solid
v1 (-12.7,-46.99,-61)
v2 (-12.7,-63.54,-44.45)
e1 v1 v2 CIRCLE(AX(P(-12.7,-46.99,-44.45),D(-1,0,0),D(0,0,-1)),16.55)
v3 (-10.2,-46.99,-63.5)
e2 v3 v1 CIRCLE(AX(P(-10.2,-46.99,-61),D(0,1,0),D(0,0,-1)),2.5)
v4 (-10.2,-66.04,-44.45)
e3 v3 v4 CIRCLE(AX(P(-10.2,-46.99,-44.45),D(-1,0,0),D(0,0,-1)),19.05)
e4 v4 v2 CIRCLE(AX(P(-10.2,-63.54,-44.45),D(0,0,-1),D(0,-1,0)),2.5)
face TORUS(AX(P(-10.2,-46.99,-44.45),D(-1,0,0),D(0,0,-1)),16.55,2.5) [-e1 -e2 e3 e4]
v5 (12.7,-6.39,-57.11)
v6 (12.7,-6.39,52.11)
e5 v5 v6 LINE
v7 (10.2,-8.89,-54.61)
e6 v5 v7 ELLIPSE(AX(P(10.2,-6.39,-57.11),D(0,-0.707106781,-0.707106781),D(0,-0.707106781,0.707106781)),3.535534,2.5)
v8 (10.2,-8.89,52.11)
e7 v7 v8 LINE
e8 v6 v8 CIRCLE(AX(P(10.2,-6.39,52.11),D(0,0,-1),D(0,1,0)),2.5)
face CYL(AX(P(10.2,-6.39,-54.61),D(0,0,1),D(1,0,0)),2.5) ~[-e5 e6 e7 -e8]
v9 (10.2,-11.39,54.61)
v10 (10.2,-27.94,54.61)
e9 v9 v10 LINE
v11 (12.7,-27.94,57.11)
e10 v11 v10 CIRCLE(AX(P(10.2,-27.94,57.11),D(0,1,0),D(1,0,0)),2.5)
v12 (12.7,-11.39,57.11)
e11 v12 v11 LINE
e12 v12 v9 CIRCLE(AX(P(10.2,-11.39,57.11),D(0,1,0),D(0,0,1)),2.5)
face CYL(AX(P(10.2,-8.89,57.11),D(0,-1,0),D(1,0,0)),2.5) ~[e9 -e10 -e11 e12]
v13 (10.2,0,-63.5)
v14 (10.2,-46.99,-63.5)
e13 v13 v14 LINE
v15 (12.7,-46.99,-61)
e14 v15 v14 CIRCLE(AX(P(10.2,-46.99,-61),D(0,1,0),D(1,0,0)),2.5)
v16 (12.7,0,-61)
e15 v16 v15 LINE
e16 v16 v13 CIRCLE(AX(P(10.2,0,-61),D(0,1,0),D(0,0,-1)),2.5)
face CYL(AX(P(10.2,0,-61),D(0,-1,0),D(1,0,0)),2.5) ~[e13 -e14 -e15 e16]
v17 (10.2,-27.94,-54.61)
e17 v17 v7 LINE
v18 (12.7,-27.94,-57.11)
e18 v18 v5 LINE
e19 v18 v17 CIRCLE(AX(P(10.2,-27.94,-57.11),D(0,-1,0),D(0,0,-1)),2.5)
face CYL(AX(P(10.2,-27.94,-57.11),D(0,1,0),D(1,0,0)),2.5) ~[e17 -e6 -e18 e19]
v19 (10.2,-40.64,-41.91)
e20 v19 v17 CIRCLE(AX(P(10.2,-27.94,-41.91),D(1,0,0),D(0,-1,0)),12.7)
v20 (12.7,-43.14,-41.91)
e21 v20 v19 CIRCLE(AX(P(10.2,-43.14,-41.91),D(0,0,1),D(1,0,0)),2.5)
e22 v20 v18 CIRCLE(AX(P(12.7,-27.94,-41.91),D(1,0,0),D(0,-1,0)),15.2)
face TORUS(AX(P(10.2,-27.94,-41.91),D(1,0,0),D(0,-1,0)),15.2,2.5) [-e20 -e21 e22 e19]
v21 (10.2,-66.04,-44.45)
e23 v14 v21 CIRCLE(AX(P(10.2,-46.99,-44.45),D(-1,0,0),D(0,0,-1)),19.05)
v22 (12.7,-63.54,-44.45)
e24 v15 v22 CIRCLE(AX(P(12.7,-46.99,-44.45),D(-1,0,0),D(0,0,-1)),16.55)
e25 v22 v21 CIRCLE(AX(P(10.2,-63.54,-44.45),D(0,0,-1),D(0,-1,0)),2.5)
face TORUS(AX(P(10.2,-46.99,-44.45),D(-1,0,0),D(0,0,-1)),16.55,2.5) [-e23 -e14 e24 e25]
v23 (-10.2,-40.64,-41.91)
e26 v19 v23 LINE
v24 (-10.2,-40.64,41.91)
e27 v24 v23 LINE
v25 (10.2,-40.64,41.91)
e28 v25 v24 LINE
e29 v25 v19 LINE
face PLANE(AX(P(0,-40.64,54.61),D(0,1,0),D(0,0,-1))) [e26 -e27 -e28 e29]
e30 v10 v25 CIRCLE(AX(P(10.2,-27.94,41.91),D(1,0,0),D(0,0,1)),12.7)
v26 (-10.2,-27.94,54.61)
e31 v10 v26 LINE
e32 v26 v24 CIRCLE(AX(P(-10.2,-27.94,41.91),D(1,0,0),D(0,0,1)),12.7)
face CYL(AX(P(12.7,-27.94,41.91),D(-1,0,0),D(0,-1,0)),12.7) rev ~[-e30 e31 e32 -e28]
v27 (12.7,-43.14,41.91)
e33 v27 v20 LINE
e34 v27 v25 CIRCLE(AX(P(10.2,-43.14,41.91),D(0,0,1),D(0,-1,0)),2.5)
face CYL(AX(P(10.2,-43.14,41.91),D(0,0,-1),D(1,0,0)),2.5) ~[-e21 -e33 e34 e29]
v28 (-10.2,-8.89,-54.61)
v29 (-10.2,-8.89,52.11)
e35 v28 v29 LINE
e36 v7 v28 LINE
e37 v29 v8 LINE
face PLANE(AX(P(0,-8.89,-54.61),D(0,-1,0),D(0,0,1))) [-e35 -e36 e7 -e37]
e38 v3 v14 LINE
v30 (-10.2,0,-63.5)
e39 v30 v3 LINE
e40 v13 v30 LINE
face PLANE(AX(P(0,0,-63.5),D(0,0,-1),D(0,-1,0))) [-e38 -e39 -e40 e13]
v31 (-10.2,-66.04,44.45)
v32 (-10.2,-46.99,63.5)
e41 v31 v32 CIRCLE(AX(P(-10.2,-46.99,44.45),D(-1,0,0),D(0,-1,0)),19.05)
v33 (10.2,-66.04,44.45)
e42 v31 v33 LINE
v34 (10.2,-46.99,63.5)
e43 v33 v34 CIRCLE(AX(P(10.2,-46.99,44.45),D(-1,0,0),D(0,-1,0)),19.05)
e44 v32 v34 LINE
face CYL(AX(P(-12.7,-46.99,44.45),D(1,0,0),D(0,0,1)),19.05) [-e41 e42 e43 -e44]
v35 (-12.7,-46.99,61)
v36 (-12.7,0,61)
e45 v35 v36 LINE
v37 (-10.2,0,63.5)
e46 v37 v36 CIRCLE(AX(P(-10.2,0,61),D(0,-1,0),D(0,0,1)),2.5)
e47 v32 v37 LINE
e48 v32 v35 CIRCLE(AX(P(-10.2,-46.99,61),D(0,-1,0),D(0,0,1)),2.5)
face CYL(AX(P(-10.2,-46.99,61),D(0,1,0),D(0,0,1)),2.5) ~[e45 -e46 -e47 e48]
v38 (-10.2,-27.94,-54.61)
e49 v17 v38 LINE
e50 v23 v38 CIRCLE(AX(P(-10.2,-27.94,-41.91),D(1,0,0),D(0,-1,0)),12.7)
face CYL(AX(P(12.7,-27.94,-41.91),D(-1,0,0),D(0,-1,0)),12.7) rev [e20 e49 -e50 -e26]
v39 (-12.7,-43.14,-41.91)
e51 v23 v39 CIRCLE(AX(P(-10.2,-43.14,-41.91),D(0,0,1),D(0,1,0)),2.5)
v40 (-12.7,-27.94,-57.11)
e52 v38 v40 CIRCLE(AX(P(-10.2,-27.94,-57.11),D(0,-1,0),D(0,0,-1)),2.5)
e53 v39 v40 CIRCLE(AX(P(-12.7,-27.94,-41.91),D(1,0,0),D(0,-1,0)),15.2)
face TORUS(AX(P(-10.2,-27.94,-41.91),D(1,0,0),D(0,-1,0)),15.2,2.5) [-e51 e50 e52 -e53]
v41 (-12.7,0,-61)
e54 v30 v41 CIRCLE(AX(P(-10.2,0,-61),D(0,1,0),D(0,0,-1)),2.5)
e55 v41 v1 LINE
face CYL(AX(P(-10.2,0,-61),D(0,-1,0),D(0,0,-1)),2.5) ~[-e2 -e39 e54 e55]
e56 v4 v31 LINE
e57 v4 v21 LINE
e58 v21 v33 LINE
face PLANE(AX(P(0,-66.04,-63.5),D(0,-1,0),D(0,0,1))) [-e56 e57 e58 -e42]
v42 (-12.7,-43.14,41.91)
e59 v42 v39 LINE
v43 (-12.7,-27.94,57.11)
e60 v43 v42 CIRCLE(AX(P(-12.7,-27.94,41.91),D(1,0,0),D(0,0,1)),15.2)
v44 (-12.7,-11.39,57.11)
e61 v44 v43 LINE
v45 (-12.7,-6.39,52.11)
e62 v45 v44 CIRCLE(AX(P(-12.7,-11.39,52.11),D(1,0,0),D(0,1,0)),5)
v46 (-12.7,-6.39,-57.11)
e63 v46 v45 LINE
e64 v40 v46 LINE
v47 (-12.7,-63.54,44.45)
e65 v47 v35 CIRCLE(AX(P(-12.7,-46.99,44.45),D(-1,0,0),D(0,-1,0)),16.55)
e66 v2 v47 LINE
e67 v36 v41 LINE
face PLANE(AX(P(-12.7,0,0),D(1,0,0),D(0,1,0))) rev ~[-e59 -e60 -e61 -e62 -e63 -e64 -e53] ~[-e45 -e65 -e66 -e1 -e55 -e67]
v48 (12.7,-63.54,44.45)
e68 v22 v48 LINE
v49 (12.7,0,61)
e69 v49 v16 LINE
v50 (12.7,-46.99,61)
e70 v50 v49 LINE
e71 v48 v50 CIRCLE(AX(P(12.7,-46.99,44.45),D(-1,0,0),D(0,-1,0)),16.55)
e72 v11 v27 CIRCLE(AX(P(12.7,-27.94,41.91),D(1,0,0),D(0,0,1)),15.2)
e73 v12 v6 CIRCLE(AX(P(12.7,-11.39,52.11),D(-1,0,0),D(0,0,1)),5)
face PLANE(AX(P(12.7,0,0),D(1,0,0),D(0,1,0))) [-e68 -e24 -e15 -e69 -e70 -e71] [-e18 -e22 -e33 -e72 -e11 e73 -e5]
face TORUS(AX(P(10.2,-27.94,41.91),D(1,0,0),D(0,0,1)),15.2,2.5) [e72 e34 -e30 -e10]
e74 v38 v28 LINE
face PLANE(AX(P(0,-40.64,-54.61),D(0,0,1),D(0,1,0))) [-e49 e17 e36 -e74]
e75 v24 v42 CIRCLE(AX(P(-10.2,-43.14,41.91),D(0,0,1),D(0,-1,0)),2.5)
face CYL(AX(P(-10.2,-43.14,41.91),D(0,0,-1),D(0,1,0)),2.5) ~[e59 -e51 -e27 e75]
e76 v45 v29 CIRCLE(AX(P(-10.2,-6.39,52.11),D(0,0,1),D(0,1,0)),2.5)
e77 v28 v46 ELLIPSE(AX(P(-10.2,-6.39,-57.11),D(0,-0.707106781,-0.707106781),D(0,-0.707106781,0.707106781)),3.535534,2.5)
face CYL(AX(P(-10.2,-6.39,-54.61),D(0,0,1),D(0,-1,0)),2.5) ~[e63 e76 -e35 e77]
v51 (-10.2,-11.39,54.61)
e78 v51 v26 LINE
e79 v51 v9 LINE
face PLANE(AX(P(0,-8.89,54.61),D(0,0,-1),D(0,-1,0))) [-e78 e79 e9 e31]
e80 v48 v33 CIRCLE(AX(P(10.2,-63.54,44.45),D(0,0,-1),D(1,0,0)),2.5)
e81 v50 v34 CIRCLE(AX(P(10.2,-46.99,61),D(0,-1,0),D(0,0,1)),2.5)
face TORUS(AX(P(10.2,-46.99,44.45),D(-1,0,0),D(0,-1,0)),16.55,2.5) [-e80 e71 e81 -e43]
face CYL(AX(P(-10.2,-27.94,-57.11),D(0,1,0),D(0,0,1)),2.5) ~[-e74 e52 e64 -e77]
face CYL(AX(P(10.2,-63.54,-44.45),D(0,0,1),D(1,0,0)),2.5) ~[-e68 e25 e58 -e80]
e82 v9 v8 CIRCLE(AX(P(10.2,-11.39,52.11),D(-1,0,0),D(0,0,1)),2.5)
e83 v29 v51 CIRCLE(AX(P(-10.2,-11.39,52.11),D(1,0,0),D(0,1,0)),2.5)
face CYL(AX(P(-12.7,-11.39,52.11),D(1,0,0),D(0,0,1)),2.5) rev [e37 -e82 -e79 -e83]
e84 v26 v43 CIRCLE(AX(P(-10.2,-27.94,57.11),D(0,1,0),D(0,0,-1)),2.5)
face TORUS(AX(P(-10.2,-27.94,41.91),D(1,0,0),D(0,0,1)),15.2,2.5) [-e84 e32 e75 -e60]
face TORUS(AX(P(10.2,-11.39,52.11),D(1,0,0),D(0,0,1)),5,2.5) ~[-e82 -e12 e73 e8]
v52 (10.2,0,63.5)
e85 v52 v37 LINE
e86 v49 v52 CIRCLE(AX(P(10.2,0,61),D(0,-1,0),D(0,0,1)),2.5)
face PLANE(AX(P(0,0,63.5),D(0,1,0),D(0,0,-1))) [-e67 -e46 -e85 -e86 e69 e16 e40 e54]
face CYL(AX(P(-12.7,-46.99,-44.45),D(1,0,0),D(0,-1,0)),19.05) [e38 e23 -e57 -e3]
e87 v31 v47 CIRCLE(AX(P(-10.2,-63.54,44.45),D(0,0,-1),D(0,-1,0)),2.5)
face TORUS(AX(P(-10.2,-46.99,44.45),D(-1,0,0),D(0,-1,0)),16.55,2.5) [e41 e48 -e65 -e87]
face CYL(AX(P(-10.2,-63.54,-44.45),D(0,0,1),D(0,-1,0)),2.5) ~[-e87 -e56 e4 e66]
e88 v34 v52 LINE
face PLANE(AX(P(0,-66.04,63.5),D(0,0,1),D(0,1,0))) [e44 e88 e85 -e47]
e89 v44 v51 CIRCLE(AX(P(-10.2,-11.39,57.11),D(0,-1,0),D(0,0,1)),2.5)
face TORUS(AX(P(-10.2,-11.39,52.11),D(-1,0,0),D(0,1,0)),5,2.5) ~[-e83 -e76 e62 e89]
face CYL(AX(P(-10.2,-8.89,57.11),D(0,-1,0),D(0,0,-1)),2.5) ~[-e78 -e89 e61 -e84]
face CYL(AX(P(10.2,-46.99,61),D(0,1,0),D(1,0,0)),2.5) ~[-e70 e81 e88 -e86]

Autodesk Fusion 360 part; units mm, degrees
sketch "Sketch1" plane through (0, 0, 0) normal (1, 0, 0) x (0, 1, 0)
  line L0 (-66.04, 63.5) -> (0, 63.5)
  line L1 (0, 63.5) -> (0, -63.5)
  line L2 (0, -63.5) -> (-66.04, -63.5)
  line L3 (-66.04, -63.5) -> (-66.04, 63.5)
  line L4 (-8.89, 54.61) -> (-40.64, 54.61)
  line L5 (-40.64, 54.61) -> (-40.64, -54.61)
  line L6 (-40.64, -54.61) -> (-8.89, -54.61)
  line L7 (-8.89, -54.61) -> (-8.89, 54.61)
  dimension "d1" = 127
  dimension "d2" = 31.75
  dimension "d3" = 8.89
  dimension "d4" = 8.89
  dimension "d5" = 25.4
  dimension "d6" = 8.89
extrude "Extrude1" add sketch "Sketch1" along normal mid plane 25.4
fillet "Fillet1" radius 12.7 1 edges at (0, -40.64, -54.61)
fillet "Fillet2" radius 12.7 1 edges at (0, -40.64, 54.61)
fillet "Fillet3" radius 19.05 1 edges at (0, -66.04, 63.5)
fillet "Fillet4" radius 19.05 1 edges at (0, -66.04, -63.5)
sketch "Sketch2" plane through (0, -66.04, 0) normal (0, -1, 0) x (1, 0, 0)
  line L0 (-12.7, -44.45) -> (12.7, -44.45)
  line L1 (12.7, -44.45) -> (12.7, 44.45)
  line L2 (12.7, 44.45) -> (-12.7, 44.45)
  line L3 (-12.7, 44.45) -> (-12.7, -44.45)
  line L4 (7.181, -50.5634) -> (7.181, 50.5634) construction
  line L5 (7.181, 50.5634) -> (-7.181, 50.5634) construction
  line L6 (-7.181, 50.5634) -> (-7.181, -50.5634) construction
  line L7 (-7.181, -50.5634) -> (7.181, -50.5634) construction
  dimension "d17" = 12.7
extrude "Extrude2" [suppressed]
fillet "Fillet5" radius 2.5 23 edges at (12.7, -8.89, 0) (0, -8.89, 54.61) (12.7, -18.415, -54.61) (12.7, -36.9203, -50.8903) (12.7, -40.64, 0) (12.7, -36.9203, 50.8903) (12.7, -18.415, 54.61) (-12.7, -8.89, 0) (-12.7, -18.415, 54.61) (-12.7, -36.9203, 50.8903) (-12.7, -40.64, 0) (-12.7, -36.9203, -50.8903) (-12.7, -18.415, -54.61) (12.7, -23.495, 63.5) (12.7, -60.4604, 57.9204) (12.7, -66.04, 0) (12.7, -60.4604, -57.9204) (12.7, -23.495, -63.5) (-12.7, -23.495, 63.5) (-12.7, -60.4604, 57.9204) (-12.7, -66.04, 0) (-12.7, -60.4604, -57.9204) (-12.7, -23.495, -63.5)
